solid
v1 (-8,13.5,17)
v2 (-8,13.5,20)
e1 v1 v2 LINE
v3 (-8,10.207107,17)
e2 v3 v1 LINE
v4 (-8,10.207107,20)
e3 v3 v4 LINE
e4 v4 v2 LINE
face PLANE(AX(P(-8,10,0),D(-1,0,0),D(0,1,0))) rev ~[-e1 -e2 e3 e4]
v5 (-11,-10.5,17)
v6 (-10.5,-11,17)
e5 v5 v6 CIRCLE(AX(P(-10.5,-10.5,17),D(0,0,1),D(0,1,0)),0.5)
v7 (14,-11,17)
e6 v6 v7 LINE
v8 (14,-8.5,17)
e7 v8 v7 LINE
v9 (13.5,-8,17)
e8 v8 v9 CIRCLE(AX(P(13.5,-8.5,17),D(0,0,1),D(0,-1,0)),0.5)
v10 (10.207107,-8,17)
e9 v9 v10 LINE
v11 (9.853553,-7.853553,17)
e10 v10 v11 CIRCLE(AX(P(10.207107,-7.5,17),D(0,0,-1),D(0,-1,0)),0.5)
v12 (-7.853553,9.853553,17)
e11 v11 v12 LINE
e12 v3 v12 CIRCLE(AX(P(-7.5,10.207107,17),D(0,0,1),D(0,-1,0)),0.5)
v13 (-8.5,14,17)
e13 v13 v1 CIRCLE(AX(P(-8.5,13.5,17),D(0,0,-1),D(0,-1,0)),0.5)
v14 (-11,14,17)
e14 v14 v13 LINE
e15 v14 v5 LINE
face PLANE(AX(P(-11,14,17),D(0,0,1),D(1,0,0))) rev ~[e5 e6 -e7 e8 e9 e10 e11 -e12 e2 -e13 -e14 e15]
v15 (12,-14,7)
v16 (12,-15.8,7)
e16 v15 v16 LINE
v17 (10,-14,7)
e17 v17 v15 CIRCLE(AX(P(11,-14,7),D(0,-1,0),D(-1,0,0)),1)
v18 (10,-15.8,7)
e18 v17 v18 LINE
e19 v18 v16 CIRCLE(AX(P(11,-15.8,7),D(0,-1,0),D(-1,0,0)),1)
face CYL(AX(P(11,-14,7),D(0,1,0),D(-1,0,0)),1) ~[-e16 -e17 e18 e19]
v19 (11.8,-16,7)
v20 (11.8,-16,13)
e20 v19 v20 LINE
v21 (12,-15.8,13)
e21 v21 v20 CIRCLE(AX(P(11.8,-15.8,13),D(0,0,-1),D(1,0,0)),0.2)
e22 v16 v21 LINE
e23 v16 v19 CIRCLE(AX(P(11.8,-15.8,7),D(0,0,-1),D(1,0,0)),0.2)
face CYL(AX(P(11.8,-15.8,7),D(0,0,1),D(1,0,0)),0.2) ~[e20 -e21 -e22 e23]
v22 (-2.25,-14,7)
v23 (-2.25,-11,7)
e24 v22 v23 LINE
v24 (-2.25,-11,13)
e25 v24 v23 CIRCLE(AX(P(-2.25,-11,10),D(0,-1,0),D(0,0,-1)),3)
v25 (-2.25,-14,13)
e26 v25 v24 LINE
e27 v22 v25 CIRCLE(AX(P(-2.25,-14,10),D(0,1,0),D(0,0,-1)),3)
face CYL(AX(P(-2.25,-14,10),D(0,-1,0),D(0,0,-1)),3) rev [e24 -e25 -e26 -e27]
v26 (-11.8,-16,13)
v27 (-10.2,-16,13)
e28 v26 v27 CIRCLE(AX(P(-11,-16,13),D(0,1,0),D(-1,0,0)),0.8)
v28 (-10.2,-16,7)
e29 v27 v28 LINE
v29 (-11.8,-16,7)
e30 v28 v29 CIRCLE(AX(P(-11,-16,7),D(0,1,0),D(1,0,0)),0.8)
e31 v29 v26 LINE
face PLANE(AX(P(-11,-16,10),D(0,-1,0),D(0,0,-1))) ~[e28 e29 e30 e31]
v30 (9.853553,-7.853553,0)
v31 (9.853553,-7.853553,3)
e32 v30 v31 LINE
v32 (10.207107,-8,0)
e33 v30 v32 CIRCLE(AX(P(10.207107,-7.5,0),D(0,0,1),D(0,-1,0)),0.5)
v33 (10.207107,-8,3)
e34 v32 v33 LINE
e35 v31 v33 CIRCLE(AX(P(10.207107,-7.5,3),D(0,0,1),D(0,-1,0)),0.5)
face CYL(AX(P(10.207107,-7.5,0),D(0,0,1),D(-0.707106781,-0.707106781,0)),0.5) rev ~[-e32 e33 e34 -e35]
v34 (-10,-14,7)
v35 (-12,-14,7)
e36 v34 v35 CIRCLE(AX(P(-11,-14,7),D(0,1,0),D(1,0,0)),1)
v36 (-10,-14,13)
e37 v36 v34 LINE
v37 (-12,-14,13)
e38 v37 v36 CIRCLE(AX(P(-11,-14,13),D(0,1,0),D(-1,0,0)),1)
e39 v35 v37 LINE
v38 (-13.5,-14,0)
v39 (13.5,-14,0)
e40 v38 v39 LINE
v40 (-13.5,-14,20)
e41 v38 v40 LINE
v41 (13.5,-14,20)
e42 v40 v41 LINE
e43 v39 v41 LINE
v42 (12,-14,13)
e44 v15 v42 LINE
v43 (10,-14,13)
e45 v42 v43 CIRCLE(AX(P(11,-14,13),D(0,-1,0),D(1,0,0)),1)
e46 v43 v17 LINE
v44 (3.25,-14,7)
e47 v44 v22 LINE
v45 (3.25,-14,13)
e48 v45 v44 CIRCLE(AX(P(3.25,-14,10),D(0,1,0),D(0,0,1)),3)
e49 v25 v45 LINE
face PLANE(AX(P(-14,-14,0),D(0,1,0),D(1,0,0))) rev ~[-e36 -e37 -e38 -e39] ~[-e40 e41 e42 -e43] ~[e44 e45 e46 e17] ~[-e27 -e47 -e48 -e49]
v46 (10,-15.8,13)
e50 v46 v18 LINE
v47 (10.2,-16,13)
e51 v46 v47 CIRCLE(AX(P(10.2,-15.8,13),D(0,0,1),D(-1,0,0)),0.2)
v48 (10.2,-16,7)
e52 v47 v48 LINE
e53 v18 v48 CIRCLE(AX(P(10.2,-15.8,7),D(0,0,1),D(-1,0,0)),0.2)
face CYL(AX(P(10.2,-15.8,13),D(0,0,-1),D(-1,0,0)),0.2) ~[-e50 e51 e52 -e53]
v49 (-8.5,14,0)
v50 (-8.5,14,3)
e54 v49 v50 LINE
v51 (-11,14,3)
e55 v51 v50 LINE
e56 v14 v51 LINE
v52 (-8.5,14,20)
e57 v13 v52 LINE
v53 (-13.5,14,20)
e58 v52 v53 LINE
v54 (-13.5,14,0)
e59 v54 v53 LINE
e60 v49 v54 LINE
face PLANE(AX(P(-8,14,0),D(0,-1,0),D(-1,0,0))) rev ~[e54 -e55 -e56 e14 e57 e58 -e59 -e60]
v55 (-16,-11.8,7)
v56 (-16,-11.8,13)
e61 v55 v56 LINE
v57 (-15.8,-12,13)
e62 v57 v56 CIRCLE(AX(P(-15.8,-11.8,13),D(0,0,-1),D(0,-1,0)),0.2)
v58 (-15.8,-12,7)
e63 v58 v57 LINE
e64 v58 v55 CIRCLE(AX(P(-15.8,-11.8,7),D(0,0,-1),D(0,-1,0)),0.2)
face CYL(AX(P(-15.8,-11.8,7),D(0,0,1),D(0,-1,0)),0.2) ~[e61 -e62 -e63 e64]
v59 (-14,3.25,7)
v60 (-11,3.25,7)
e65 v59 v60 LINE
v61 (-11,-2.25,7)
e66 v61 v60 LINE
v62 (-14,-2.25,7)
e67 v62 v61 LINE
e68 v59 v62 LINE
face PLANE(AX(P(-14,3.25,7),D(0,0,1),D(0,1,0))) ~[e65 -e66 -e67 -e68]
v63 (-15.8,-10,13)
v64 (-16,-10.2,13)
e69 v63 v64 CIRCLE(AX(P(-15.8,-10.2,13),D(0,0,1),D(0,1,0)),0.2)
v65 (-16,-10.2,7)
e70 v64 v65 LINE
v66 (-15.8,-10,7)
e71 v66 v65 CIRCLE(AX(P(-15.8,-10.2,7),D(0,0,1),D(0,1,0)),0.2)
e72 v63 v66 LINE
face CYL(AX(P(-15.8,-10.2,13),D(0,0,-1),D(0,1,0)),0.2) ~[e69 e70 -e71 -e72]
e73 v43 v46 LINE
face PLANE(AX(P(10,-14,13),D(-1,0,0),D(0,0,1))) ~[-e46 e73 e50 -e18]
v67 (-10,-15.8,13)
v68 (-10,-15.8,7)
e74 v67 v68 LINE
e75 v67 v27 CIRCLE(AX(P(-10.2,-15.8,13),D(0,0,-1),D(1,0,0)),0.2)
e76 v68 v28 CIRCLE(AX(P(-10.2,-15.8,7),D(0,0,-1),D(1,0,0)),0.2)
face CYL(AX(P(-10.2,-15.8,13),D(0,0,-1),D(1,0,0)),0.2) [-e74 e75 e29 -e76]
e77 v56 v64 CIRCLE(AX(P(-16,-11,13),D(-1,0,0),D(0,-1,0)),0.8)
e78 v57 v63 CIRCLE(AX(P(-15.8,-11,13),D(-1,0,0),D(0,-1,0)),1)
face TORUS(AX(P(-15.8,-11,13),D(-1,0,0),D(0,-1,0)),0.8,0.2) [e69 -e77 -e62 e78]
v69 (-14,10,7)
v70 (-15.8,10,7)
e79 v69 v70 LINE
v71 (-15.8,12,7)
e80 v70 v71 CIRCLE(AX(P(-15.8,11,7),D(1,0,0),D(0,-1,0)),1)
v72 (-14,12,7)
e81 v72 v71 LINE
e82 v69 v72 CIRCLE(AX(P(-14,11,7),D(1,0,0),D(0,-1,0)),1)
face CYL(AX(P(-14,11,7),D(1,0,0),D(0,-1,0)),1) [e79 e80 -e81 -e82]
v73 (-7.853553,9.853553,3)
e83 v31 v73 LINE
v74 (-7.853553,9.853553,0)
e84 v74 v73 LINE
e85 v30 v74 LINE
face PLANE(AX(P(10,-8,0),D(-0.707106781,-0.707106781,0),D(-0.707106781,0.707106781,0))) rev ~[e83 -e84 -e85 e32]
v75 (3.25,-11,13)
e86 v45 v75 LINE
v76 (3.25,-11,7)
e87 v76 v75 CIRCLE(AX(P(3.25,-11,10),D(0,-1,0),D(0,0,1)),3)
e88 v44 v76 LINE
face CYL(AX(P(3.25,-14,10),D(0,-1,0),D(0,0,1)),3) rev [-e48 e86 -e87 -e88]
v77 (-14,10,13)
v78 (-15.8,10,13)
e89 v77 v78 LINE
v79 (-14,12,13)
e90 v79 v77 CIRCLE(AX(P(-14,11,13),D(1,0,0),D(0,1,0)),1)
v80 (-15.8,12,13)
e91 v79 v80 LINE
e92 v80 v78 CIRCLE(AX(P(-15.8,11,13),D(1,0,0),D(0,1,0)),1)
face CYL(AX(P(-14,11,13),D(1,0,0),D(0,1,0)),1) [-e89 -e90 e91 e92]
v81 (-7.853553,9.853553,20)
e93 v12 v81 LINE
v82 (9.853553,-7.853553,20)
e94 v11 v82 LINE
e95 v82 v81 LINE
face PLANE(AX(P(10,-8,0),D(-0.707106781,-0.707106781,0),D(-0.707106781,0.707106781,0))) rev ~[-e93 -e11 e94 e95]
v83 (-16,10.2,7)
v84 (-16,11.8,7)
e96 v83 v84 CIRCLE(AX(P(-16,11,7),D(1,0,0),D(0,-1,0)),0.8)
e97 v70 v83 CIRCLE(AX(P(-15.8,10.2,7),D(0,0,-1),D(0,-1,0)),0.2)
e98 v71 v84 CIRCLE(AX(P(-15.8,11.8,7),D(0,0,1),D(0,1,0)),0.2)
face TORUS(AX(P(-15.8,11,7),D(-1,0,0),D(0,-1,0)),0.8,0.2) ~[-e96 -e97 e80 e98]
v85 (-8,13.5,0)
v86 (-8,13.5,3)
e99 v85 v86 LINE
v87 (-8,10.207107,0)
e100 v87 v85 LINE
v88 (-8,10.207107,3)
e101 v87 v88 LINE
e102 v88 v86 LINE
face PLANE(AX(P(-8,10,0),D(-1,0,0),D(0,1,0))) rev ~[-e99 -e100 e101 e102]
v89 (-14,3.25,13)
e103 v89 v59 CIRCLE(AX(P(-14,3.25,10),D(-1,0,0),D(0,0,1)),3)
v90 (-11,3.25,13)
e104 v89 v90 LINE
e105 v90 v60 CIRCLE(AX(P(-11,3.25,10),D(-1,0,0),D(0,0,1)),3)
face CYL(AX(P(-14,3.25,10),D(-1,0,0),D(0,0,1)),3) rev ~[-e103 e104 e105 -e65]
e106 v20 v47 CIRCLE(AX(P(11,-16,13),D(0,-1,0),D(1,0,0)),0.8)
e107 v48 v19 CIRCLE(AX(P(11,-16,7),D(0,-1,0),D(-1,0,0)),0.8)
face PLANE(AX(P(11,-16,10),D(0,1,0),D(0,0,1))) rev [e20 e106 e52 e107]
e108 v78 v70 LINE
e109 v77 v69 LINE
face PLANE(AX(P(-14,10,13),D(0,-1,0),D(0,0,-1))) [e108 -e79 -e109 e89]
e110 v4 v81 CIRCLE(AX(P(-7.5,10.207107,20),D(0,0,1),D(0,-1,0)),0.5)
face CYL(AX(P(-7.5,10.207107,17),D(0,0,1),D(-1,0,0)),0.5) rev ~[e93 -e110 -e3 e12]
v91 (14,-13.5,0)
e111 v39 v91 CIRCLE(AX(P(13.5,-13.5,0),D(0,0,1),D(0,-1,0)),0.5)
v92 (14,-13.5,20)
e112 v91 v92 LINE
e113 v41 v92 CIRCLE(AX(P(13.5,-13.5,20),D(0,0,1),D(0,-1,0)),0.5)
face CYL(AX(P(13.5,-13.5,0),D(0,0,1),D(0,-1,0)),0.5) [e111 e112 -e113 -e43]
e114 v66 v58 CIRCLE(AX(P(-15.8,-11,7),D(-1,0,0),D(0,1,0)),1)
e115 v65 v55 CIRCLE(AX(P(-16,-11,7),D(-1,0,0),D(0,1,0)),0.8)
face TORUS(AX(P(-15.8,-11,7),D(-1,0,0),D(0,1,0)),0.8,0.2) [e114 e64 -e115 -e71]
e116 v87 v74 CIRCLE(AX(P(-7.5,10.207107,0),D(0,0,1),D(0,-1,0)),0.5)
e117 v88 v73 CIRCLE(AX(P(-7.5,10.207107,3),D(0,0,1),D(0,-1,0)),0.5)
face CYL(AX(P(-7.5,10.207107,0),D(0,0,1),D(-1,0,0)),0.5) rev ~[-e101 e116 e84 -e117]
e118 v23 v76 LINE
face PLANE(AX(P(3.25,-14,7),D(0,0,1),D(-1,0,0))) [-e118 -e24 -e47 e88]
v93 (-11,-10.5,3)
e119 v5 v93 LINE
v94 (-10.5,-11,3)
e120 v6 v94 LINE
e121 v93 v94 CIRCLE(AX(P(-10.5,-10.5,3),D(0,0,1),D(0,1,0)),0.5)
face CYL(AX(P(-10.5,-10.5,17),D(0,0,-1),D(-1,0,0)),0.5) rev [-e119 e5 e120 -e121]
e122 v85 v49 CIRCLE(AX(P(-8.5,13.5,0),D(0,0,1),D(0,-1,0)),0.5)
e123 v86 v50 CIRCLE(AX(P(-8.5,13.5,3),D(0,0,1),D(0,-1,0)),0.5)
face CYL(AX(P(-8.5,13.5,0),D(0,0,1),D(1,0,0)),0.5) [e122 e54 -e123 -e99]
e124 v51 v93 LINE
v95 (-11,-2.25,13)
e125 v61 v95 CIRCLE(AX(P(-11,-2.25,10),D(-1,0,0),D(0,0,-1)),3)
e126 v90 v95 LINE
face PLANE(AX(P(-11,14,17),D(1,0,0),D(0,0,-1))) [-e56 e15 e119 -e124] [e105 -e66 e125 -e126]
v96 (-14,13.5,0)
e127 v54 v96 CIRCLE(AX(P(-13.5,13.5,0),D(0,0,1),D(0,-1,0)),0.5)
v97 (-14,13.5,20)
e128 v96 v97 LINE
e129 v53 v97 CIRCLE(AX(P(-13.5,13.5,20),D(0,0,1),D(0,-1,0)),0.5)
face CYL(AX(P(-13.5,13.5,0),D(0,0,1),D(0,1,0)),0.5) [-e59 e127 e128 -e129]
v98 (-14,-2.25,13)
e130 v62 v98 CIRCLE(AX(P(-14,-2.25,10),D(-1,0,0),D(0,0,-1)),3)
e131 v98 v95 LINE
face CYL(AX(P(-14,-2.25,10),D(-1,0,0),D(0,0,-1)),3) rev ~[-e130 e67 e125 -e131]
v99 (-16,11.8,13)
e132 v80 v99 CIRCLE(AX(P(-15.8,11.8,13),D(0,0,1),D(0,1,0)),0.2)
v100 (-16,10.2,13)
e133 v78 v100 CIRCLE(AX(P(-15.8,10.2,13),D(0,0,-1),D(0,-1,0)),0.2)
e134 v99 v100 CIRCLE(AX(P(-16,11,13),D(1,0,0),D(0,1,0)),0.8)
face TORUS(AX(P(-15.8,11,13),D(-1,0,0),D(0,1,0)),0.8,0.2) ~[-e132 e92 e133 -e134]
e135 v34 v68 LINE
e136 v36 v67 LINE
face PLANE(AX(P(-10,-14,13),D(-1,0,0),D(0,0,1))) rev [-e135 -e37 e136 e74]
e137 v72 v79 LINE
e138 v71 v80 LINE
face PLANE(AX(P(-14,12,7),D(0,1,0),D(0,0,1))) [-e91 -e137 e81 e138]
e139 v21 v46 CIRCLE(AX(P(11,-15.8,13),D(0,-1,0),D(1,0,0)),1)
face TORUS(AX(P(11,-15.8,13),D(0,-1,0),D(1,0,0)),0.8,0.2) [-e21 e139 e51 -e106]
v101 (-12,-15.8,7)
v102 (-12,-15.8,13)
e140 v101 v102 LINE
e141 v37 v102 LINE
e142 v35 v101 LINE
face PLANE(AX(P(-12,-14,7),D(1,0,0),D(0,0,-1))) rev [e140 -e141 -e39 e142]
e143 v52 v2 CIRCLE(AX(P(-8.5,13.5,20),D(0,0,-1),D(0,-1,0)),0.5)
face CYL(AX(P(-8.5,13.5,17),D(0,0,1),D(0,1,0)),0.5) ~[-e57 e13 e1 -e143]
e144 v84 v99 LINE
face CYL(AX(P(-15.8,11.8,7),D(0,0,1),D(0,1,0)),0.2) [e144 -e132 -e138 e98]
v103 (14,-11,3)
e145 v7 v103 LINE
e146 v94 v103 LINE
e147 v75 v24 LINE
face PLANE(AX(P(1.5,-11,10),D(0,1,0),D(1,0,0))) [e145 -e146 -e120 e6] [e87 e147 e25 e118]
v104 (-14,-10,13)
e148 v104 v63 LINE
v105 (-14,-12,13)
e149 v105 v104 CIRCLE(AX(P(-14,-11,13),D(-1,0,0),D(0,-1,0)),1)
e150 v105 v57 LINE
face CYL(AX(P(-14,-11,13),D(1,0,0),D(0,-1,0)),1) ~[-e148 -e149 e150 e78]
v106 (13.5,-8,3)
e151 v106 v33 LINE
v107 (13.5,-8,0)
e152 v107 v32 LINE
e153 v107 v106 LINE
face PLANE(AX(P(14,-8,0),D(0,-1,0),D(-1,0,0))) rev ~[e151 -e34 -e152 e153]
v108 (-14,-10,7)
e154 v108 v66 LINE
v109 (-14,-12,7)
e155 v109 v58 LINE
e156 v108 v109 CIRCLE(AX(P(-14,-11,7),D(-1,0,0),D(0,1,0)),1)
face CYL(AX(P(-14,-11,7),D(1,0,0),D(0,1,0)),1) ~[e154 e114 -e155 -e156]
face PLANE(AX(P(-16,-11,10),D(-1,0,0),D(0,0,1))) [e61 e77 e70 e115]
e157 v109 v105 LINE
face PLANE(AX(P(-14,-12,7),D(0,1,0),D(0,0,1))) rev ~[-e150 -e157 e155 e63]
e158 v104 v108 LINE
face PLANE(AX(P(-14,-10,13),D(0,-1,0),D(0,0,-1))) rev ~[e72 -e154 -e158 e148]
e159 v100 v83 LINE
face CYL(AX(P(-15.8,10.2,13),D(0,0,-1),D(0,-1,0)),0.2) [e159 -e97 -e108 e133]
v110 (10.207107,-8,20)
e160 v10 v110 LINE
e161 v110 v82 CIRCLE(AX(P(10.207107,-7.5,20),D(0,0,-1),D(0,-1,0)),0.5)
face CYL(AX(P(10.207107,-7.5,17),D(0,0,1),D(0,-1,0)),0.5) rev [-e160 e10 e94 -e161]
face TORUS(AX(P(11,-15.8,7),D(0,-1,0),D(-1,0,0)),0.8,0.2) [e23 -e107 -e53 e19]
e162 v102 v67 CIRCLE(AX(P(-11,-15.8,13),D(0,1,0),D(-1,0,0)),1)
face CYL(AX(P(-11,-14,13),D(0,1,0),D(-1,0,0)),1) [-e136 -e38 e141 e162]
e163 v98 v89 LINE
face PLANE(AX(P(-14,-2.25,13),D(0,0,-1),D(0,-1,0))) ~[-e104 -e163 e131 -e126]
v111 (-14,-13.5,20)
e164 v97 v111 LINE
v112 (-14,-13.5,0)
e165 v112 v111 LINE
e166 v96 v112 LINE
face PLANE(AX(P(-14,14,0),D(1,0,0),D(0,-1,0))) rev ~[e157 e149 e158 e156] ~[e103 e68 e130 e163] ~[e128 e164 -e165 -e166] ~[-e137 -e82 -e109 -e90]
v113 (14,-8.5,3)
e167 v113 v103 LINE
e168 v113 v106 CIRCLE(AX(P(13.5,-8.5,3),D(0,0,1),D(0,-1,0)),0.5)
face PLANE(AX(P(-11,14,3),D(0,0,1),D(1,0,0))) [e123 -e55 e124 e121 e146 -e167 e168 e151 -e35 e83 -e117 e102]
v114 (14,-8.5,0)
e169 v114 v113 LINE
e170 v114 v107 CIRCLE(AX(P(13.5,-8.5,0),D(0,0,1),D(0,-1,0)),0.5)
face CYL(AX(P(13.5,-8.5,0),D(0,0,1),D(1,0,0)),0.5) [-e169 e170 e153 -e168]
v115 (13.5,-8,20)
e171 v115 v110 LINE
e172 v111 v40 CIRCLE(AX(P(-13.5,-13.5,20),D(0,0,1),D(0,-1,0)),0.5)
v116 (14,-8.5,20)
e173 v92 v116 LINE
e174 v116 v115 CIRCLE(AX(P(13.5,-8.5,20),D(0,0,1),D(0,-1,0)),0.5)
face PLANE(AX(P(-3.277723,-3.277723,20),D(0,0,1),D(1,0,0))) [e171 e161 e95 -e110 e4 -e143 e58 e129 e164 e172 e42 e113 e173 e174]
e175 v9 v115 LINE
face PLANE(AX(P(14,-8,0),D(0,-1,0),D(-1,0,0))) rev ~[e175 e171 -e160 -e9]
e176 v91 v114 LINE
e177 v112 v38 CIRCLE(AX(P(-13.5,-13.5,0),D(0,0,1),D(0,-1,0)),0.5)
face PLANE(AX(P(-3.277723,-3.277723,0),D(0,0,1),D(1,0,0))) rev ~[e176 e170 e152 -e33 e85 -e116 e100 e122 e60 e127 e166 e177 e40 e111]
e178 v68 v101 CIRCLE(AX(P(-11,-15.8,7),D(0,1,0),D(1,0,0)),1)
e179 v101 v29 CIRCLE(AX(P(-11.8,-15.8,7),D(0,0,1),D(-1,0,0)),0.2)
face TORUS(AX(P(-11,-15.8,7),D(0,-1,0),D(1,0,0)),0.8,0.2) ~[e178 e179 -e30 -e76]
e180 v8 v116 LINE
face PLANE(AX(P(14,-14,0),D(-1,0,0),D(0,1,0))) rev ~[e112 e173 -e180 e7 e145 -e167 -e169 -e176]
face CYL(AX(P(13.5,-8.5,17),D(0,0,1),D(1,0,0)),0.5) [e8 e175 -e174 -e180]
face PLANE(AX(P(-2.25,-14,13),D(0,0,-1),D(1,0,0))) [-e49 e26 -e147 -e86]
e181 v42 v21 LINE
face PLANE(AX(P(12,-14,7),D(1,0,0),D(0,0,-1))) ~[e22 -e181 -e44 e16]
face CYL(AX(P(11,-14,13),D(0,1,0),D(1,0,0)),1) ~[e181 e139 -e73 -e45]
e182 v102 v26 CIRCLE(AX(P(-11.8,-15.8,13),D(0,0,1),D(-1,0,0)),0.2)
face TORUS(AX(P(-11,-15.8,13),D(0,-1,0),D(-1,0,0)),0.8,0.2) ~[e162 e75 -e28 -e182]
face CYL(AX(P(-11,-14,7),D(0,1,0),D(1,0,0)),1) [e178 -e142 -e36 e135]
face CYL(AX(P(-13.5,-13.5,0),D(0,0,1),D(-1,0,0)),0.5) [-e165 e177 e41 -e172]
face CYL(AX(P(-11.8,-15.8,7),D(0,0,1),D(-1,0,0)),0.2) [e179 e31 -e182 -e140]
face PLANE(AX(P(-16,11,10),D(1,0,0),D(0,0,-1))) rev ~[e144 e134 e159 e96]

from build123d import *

# Parameters (mm, degrees)
BOSS_EXTRUDE1_DEPTH = 20
SKETCH2_W           = 25
SKETCH2_H           = 14
CUT_EXTRUDE1_DEPTH  = 25
CUT_EXTRUDE2_DEPTH  = 29
BOSS_EXTRUDE2_DEPTH = 2
FILLET4_R           = 0.5
FILLET5_R           = 0.2


with BuildPart() as part:
    # Sketch1 → Boss-Extrude1 (new body)
    with BuildSketch(Plane.XY):
        Polygon((-8, 10), (-8, 14), (-14, 14), (-14, -14), (14, -14), (14, -8), (10, -8), align=None)
    extrude(amount=BOSS_EXTRUDE1_DEPTH)

    # Sketch2 → Cut-Extrude1 (cut)
    with BuildSketch(Plane(origin=(0, 14, 0), x_dir=(1, 0, 0), z_dir=(0, 1, 0))):
        with Locations((1.5, -10)):
            Rectangle(SKETCH2_W, SKETCH2_H)
    extrude(amount=-CUT_EXTRUDE1_DEPTH, mode=Mode.SUBTRACT)

    # Sketch3 → Cut-Extrude2 (cut, through all)
    with BuildSketch(Plane.XZ.offset(14)):
        with BuildLine():
            Line((-2.25, 13), (3.25, 13))
            ThreePointArc((3.25, 13), (6.25, 10), (3.25, 7))
            Line((3.25, 7), (-2.25, 7))
            ThreePointArc((-2.25, 7), (-5.25, 10), (-2.25, 13))
        make_face()
    cut_extrude2 = extrude(amount=-CUT_EXTRUDE2_DEPTH, mode=Mode.SUBTRACT)

    # Mirror1: Cut-Extrude2 across plane
    add(cut_extrude2.mirror(Plane(origin=(0, 0, 0), x_dir=(0, 0, 1), z_dir=(-0.707106781, 0.707106781, 0))), mode=Mode.SUBTRACT)

    # Sketch4 → Boss-Extrude2 (add)
    with BuildSketch(Plane.ZY.offset(14)):
        with BuildLine():
            Line((7, 12), (13, 12))
            ThreePointArc((13, 12), (14, 11), (13, 10))
            Line((13, 10), (7, 10))
            ThreePointArc((7, 10), (6, 11), (7, 12))
        make_face()
        with BuildLine():
            Line((7, -12), (13, -12))
            ThreePointArc((13, -12), (14, -11), (13, -10))
            Line((13, -10), (7, -10))
            ThreePointArc((7, -10), (6, -11), (7, -12))
        make_face()
    boss_extrude2 = extrude(amount=BOSS_EXTRUDE2_DEPTH)

    # Mirror4: Boss-Extrude2 across plane
    add(boss_extrude2.mirror(Plane(origin=(0, 0, 0), x_dir=(0, 0, 1), z_dir=(-0.707106781, 0.707106781, 0))))

    # Fillet4
    fillet4_edges = [part.edges().sort_by_distance(p)[0] for p in [
        (14, -8, 18.5),
        (14, -14, 10),
        (-14, -14, 10),
        (-14, 14, 10),
        (-8, 14, 18.5),
        (-8, 10, 18.5),
        (10, -8, 18.5),
        (14, -8, 1.5),
        (-8, 14, 1.5),
        (-8, 10, 1.5),
        (10, -8, 1.5),
        (-11, -11, 10),
    ]]
    fillet(fillet4_edges, radius=FILLET4_R)

    # Fillet5
    fillet5_edges = [part.edges().sort_by_distance(p)[0] for p in [
        (-16, -11, 6),
        (-16, -12, 10),
        (-16, -11, 14),
        (-16, -10, 10),
        (11, -16, 6),
        (12, -16, 10),
        (11, -16, 14),
        (10, -16, 10),
        (-11, -16, 6),
        (-10, -16, 10),
        (-11, -16, 14),
        (-12, -16, 10),
        (-16, 11, 6),
        (-16, 10, 10),
        (-16, 11, 14),
        (-16, 12, 10),
    ]]
    fillet(fillet5_edges, radius=FILLET5_R)


solid = part.part
